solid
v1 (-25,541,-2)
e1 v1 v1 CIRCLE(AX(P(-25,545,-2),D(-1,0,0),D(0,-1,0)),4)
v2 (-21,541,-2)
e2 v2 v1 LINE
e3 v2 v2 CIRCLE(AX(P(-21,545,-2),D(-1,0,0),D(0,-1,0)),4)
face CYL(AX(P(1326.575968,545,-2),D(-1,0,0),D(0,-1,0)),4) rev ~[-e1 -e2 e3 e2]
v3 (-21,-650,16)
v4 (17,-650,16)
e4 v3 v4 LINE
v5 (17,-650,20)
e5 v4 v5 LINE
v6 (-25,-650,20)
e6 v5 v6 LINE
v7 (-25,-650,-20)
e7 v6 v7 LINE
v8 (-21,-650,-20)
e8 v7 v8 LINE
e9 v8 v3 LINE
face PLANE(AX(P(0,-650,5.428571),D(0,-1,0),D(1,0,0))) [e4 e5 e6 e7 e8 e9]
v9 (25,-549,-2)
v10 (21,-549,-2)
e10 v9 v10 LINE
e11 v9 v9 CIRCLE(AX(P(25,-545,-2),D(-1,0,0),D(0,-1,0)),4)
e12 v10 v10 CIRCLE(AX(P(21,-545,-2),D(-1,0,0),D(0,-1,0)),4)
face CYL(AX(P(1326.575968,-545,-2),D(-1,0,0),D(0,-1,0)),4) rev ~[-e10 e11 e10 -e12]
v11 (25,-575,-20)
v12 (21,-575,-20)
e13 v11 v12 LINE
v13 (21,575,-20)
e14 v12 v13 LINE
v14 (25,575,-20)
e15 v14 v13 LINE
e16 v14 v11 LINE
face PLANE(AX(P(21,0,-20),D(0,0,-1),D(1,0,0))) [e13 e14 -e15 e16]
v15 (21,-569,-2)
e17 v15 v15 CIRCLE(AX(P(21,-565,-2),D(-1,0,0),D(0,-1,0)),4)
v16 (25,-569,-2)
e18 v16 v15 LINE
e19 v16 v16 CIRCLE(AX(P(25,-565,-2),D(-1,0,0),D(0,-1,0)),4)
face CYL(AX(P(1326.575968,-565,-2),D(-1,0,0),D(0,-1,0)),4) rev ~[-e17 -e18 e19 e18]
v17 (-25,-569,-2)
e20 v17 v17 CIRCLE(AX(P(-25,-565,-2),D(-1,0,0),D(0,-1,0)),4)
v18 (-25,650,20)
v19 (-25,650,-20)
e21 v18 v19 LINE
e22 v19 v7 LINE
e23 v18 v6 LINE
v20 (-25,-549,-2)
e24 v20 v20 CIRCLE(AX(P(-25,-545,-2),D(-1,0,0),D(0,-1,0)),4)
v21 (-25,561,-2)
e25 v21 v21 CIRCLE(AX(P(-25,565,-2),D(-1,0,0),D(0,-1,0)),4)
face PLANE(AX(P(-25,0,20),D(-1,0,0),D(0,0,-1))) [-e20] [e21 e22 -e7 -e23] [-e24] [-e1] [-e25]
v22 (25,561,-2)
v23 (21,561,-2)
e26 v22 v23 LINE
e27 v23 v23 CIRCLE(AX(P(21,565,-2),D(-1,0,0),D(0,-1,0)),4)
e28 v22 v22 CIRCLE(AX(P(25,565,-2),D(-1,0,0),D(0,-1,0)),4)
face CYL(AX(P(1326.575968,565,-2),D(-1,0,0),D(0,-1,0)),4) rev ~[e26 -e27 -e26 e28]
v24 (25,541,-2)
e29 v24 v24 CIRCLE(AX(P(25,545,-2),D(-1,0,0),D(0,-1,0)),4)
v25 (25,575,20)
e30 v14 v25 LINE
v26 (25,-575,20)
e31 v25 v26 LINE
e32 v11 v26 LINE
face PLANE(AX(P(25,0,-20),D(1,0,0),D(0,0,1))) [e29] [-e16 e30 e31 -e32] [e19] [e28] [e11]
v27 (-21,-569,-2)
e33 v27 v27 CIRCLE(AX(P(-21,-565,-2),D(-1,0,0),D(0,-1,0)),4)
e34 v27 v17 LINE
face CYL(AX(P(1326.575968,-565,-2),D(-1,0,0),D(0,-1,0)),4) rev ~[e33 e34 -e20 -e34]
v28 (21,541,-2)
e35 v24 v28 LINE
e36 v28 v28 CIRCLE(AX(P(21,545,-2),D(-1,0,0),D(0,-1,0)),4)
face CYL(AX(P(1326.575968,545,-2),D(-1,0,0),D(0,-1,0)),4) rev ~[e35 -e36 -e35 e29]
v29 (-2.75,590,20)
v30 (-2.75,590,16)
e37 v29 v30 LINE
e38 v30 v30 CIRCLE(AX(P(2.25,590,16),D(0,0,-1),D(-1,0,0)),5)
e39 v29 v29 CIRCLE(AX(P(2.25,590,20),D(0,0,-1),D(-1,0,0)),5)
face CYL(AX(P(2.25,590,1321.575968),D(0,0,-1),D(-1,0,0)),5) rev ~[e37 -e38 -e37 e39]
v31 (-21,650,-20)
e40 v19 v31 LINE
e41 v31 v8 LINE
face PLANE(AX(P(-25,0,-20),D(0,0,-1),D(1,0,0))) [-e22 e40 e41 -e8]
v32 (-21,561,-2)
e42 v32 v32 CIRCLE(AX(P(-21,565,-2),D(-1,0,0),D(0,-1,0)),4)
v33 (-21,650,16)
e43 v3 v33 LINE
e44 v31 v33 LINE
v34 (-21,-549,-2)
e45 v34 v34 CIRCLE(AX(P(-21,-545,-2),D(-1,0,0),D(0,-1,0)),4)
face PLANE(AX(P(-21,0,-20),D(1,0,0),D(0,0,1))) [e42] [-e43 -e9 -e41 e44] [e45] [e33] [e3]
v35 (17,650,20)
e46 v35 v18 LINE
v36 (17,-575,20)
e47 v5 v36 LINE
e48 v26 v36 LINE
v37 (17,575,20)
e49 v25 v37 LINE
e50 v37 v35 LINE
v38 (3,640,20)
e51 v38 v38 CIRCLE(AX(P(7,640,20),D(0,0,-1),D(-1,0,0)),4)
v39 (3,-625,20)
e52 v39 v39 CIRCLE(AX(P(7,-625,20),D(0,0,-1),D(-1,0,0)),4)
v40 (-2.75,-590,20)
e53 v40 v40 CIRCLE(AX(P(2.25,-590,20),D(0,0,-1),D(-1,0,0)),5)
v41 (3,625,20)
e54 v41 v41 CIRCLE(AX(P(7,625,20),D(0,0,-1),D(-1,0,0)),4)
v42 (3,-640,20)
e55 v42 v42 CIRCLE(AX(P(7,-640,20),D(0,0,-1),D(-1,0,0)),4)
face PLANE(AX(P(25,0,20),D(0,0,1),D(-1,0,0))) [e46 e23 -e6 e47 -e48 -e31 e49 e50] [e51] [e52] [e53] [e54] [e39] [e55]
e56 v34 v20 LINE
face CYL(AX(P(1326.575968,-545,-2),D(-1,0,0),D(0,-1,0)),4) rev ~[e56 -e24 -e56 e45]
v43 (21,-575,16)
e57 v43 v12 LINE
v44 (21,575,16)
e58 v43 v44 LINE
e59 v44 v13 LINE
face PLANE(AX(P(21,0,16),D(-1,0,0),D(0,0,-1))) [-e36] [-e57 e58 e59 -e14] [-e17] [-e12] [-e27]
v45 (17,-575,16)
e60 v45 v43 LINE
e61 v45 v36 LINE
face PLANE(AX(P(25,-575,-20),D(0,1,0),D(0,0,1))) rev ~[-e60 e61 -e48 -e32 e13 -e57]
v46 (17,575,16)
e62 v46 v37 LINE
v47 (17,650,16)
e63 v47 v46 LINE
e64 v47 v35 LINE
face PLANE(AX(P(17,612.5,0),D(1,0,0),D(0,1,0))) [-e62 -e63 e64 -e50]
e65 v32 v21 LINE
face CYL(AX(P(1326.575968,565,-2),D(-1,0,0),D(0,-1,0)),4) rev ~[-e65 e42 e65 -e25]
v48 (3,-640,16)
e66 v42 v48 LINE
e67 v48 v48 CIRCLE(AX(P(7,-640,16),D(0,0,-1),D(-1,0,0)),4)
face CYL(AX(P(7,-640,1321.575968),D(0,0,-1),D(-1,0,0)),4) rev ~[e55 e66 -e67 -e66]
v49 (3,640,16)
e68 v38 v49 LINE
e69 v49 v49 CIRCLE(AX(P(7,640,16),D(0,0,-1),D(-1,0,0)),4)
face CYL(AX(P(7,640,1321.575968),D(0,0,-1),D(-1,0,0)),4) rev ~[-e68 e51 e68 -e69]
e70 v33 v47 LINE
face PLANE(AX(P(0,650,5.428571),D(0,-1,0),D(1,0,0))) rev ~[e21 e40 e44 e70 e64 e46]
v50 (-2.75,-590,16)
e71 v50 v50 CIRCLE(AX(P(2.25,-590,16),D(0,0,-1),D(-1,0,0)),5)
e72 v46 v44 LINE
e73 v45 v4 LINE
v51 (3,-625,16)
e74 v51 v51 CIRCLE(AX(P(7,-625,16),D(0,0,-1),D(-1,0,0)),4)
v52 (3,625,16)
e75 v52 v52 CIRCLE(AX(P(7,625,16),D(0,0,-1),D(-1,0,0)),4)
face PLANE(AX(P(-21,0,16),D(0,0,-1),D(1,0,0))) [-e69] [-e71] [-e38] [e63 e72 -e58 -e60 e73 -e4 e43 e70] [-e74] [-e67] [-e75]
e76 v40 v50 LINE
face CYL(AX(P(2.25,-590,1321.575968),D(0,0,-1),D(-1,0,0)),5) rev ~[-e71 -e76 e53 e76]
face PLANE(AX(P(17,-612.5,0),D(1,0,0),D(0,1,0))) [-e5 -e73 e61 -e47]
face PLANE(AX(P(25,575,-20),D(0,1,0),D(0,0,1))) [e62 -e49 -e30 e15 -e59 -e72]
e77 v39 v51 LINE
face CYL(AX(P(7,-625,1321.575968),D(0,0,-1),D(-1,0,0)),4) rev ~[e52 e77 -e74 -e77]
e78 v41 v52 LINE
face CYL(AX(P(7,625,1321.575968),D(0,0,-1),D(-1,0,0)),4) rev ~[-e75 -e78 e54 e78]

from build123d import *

# Parameters (mm, degrees)
F1_DEPTH   = 650
F2_W       = 75
F2_H       = 40
F3_DEPTH   = 8
F5_D       = 8
F5_ON_F2_D = 8
F6_D       = 10


with BuildPart() as f1:
    # F0 (on Front) → F1 (new body, symmetric)
    with BuildSketch(Plane.XZ):
        Polygon((21, -20), (25, -20), (25, 20), (-25, 20), (-25, -20), (-21, -20), (-21, 16), (21, 16), align=None)
    extrude(amount=F1_DEPTH, both=True)

    # F2 (on face) → F3 (cut)
    with BuildSketch(Plane.YZ.offset(25)):
        with Locations((-612.5, 0)):
            Rectangle(F2_W, F2_H)
        with Locations((612.5, 0)):
            Rectangle(F2_W, F2_H)
    extrude(amount=-F3_DEPTH, mode=Mode.SUBTRACT)

    # F5 (through all)
    with Locations(Plane.XY.offset(20)):
        with Locations((7, -625), (7, -640), (7, 640), (7, 625)):
            Hole(F5_D / 2)

    # F5 on F2 (through all)
    with Locations(Plane.YZ.offset(25)):
        with Locations((-565, -2), (-545, -2), (565, -2), (545, -2)):
            Hole(F5_ON_F2_D / 2)

    # F6 (through all)
    with Locations(Plane.XY.offset(20)):
        with Locations((2.25, -590), (2.25, 590)):
            Hole(F6_D / 2)


solid = f1.part
